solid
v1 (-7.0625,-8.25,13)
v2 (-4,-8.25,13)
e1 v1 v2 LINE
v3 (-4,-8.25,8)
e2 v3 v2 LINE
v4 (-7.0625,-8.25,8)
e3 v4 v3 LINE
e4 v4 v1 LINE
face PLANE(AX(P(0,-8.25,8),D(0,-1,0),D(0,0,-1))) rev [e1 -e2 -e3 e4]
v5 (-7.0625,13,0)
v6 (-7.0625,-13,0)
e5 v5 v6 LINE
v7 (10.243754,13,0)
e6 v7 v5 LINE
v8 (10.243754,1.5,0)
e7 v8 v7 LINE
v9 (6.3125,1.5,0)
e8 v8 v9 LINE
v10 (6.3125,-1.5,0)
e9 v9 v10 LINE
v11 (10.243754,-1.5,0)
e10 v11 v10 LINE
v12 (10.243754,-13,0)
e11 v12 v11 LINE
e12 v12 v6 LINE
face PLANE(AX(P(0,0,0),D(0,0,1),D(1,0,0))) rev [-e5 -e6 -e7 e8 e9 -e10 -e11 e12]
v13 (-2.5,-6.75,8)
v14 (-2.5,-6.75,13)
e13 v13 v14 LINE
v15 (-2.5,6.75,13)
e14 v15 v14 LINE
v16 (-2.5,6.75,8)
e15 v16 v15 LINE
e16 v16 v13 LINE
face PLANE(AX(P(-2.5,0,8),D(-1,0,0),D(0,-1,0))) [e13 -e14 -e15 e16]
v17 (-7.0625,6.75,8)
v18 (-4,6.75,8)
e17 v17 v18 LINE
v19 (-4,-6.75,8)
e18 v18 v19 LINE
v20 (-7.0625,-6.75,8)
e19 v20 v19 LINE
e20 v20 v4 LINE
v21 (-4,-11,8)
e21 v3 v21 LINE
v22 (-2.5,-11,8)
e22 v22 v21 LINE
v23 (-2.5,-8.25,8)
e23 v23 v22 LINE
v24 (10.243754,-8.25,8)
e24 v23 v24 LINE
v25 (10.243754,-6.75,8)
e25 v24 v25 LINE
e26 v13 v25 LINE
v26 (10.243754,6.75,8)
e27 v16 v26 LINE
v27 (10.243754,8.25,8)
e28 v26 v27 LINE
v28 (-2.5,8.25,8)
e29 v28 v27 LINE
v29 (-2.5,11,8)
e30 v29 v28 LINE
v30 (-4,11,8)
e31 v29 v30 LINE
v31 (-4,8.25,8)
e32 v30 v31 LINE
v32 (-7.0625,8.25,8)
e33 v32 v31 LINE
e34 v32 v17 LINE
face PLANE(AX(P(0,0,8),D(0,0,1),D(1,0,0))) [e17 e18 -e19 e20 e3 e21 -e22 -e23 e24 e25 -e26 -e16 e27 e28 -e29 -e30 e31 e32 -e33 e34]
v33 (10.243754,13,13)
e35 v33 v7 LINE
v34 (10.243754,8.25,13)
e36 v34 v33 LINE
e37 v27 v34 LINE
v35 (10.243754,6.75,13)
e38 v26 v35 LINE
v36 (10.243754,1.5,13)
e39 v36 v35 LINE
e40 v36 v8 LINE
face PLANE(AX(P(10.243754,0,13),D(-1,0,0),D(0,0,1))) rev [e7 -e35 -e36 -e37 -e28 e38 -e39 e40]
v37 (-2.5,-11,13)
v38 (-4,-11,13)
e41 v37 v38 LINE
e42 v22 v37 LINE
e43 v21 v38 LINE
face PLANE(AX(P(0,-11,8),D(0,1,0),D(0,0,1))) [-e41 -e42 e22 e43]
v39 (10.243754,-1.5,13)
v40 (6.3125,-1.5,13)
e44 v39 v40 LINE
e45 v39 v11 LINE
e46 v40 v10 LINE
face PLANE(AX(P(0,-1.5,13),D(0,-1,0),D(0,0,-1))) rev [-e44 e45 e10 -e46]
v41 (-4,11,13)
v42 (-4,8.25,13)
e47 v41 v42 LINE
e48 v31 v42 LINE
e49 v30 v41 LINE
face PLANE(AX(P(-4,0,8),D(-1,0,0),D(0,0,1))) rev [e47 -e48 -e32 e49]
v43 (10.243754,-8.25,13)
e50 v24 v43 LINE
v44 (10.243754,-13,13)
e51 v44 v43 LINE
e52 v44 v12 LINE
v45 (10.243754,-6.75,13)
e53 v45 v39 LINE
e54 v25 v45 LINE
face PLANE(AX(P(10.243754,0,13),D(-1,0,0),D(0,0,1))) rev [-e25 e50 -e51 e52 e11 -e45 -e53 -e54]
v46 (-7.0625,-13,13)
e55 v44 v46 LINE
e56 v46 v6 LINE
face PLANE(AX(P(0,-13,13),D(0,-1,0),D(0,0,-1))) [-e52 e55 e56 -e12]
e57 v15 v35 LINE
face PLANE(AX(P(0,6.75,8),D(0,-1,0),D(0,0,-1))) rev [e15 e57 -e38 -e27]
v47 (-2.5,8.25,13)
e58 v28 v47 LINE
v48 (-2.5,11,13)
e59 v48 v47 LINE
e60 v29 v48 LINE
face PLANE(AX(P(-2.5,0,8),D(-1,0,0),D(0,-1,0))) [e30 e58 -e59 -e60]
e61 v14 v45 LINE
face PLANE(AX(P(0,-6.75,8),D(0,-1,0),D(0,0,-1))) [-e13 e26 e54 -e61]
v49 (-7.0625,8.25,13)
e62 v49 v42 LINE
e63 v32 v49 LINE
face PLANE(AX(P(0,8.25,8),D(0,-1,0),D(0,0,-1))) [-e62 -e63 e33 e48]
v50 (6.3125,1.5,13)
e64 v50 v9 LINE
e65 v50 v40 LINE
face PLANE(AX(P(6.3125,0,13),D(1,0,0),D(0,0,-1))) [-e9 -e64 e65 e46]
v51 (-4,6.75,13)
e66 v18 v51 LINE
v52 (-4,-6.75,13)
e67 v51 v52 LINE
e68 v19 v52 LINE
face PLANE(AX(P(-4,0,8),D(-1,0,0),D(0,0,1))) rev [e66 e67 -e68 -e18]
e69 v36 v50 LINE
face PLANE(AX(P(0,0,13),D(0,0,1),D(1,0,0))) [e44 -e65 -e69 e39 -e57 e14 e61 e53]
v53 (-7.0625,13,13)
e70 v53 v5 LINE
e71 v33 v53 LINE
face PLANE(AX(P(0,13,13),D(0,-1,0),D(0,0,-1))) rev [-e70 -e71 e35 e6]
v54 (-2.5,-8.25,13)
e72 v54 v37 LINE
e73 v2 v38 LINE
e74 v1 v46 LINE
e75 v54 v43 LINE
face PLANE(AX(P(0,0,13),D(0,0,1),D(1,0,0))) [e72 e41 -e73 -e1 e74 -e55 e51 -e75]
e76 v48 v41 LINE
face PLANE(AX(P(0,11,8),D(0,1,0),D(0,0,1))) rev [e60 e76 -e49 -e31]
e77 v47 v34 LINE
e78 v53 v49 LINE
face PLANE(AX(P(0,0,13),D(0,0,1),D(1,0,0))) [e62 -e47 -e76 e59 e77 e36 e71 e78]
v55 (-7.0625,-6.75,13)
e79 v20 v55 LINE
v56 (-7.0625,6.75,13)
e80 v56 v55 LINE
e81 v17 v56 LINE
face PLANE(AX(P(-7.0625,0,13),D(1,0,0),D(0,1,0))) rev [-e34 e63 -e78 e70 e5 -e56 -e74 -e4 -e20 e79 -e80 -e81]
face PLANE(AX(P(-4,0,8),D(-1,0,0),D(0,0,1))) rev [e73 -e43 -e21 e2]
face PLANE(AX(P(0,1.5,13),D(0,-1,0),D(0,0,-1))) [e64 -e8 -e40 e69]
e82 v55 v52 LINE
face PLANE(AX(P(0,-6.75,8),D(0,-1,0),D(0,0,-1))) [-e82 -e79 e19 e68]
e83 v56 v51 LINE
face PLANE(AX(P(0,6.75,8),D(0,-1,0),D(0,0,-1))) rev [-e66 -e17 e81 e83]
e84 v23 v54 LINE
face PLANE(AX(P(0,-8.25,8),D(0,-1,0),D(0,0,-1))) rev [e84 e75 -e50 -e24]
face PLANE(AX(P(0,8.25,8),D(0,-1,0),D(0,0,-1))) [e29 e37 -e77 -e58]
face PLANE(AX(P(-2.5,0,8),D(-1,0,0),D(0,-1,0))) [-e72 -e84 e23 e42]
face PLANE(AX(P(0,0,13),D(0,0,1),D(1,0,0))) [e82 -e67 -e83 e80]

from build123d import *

# Parameters (mm, degrees)
BOSS_EXTRUDE1_DEPTH = 13
SKETCH2_W           = 12.743753884
SKETCH2_H           = 1.5
SKETCH2_W_2         = 1.5
SKETCH2_H_2         = 2.75
SKETCH2_W_3         = 3.0625
SKETCH2_H_3         = 13.5
CUT_EXTRUDE1_DEPTH  = 5


with BuildPart() as part:
    # Sketch1 → Boss-Extrude1 (new body)
    with BuildSketch(Plane.XY):
        Polygon((10.243753884, 1.5), (10.243753884, 13), (8.5625, 13), (7.0625, 13), (-7.0625, 13), (-7.0625, -13), (7.0625, -13), (8.5625, -13), (10.243753884, -13), (10.243753884, -1.5), (9.3125, -1.5), (6.3125, -1.5), (6.3125, 1.5), (9.3125, 1.5), align=None)
    extrude(amount=BOSS_EXTRUDE1_DEPTH)

    # Sketch2 → Cut-Extrude1 (cut)
    with BuildSketch(Plane.XY.offset(13)):
        with Locations((3.871876942, 7.5)):
            Rectangle(SKETCH2_W, SKETCH2_H)
        with Locations((-3.25, 9.625)):
            Rectangle(SKETCH2_W_2, SKETCH2_H_2)
        with Locations((-5.53125, 7.5)):
            Rectangle(SKETCH2_W_3, SKETCH2_H)
        with Locations((-3.25, 7.5)):
            Rectangle(SKETCH2_W_2, SKETCH2_H)
        with Locations((-3.25, 0)):
            Rectangle(SKETCH2_W_2, SKETCH2_H_3)
        with Locations((-3.25, -9.625)):
            Rectangle(SKETCH2_W_2, SKETCH2_H_2)
        with Locations((-3.25, -7.5)):
            Rectangle(SKETCH2_W_2, SKETCH2_H)
        with Locations((-5.53125, -7.5)):
            Rectangle(SKETCH2_W_3, SKETCH2_H)
        with Locations((3.871876942, -7.5)):
            Rectangle(SKETCH2_W, SKETCH2_H)
    extrude(amount=-CUT_EXTRUDE1_DEPTH, mode=Mode.SUBTRACT)


solid = part.part
